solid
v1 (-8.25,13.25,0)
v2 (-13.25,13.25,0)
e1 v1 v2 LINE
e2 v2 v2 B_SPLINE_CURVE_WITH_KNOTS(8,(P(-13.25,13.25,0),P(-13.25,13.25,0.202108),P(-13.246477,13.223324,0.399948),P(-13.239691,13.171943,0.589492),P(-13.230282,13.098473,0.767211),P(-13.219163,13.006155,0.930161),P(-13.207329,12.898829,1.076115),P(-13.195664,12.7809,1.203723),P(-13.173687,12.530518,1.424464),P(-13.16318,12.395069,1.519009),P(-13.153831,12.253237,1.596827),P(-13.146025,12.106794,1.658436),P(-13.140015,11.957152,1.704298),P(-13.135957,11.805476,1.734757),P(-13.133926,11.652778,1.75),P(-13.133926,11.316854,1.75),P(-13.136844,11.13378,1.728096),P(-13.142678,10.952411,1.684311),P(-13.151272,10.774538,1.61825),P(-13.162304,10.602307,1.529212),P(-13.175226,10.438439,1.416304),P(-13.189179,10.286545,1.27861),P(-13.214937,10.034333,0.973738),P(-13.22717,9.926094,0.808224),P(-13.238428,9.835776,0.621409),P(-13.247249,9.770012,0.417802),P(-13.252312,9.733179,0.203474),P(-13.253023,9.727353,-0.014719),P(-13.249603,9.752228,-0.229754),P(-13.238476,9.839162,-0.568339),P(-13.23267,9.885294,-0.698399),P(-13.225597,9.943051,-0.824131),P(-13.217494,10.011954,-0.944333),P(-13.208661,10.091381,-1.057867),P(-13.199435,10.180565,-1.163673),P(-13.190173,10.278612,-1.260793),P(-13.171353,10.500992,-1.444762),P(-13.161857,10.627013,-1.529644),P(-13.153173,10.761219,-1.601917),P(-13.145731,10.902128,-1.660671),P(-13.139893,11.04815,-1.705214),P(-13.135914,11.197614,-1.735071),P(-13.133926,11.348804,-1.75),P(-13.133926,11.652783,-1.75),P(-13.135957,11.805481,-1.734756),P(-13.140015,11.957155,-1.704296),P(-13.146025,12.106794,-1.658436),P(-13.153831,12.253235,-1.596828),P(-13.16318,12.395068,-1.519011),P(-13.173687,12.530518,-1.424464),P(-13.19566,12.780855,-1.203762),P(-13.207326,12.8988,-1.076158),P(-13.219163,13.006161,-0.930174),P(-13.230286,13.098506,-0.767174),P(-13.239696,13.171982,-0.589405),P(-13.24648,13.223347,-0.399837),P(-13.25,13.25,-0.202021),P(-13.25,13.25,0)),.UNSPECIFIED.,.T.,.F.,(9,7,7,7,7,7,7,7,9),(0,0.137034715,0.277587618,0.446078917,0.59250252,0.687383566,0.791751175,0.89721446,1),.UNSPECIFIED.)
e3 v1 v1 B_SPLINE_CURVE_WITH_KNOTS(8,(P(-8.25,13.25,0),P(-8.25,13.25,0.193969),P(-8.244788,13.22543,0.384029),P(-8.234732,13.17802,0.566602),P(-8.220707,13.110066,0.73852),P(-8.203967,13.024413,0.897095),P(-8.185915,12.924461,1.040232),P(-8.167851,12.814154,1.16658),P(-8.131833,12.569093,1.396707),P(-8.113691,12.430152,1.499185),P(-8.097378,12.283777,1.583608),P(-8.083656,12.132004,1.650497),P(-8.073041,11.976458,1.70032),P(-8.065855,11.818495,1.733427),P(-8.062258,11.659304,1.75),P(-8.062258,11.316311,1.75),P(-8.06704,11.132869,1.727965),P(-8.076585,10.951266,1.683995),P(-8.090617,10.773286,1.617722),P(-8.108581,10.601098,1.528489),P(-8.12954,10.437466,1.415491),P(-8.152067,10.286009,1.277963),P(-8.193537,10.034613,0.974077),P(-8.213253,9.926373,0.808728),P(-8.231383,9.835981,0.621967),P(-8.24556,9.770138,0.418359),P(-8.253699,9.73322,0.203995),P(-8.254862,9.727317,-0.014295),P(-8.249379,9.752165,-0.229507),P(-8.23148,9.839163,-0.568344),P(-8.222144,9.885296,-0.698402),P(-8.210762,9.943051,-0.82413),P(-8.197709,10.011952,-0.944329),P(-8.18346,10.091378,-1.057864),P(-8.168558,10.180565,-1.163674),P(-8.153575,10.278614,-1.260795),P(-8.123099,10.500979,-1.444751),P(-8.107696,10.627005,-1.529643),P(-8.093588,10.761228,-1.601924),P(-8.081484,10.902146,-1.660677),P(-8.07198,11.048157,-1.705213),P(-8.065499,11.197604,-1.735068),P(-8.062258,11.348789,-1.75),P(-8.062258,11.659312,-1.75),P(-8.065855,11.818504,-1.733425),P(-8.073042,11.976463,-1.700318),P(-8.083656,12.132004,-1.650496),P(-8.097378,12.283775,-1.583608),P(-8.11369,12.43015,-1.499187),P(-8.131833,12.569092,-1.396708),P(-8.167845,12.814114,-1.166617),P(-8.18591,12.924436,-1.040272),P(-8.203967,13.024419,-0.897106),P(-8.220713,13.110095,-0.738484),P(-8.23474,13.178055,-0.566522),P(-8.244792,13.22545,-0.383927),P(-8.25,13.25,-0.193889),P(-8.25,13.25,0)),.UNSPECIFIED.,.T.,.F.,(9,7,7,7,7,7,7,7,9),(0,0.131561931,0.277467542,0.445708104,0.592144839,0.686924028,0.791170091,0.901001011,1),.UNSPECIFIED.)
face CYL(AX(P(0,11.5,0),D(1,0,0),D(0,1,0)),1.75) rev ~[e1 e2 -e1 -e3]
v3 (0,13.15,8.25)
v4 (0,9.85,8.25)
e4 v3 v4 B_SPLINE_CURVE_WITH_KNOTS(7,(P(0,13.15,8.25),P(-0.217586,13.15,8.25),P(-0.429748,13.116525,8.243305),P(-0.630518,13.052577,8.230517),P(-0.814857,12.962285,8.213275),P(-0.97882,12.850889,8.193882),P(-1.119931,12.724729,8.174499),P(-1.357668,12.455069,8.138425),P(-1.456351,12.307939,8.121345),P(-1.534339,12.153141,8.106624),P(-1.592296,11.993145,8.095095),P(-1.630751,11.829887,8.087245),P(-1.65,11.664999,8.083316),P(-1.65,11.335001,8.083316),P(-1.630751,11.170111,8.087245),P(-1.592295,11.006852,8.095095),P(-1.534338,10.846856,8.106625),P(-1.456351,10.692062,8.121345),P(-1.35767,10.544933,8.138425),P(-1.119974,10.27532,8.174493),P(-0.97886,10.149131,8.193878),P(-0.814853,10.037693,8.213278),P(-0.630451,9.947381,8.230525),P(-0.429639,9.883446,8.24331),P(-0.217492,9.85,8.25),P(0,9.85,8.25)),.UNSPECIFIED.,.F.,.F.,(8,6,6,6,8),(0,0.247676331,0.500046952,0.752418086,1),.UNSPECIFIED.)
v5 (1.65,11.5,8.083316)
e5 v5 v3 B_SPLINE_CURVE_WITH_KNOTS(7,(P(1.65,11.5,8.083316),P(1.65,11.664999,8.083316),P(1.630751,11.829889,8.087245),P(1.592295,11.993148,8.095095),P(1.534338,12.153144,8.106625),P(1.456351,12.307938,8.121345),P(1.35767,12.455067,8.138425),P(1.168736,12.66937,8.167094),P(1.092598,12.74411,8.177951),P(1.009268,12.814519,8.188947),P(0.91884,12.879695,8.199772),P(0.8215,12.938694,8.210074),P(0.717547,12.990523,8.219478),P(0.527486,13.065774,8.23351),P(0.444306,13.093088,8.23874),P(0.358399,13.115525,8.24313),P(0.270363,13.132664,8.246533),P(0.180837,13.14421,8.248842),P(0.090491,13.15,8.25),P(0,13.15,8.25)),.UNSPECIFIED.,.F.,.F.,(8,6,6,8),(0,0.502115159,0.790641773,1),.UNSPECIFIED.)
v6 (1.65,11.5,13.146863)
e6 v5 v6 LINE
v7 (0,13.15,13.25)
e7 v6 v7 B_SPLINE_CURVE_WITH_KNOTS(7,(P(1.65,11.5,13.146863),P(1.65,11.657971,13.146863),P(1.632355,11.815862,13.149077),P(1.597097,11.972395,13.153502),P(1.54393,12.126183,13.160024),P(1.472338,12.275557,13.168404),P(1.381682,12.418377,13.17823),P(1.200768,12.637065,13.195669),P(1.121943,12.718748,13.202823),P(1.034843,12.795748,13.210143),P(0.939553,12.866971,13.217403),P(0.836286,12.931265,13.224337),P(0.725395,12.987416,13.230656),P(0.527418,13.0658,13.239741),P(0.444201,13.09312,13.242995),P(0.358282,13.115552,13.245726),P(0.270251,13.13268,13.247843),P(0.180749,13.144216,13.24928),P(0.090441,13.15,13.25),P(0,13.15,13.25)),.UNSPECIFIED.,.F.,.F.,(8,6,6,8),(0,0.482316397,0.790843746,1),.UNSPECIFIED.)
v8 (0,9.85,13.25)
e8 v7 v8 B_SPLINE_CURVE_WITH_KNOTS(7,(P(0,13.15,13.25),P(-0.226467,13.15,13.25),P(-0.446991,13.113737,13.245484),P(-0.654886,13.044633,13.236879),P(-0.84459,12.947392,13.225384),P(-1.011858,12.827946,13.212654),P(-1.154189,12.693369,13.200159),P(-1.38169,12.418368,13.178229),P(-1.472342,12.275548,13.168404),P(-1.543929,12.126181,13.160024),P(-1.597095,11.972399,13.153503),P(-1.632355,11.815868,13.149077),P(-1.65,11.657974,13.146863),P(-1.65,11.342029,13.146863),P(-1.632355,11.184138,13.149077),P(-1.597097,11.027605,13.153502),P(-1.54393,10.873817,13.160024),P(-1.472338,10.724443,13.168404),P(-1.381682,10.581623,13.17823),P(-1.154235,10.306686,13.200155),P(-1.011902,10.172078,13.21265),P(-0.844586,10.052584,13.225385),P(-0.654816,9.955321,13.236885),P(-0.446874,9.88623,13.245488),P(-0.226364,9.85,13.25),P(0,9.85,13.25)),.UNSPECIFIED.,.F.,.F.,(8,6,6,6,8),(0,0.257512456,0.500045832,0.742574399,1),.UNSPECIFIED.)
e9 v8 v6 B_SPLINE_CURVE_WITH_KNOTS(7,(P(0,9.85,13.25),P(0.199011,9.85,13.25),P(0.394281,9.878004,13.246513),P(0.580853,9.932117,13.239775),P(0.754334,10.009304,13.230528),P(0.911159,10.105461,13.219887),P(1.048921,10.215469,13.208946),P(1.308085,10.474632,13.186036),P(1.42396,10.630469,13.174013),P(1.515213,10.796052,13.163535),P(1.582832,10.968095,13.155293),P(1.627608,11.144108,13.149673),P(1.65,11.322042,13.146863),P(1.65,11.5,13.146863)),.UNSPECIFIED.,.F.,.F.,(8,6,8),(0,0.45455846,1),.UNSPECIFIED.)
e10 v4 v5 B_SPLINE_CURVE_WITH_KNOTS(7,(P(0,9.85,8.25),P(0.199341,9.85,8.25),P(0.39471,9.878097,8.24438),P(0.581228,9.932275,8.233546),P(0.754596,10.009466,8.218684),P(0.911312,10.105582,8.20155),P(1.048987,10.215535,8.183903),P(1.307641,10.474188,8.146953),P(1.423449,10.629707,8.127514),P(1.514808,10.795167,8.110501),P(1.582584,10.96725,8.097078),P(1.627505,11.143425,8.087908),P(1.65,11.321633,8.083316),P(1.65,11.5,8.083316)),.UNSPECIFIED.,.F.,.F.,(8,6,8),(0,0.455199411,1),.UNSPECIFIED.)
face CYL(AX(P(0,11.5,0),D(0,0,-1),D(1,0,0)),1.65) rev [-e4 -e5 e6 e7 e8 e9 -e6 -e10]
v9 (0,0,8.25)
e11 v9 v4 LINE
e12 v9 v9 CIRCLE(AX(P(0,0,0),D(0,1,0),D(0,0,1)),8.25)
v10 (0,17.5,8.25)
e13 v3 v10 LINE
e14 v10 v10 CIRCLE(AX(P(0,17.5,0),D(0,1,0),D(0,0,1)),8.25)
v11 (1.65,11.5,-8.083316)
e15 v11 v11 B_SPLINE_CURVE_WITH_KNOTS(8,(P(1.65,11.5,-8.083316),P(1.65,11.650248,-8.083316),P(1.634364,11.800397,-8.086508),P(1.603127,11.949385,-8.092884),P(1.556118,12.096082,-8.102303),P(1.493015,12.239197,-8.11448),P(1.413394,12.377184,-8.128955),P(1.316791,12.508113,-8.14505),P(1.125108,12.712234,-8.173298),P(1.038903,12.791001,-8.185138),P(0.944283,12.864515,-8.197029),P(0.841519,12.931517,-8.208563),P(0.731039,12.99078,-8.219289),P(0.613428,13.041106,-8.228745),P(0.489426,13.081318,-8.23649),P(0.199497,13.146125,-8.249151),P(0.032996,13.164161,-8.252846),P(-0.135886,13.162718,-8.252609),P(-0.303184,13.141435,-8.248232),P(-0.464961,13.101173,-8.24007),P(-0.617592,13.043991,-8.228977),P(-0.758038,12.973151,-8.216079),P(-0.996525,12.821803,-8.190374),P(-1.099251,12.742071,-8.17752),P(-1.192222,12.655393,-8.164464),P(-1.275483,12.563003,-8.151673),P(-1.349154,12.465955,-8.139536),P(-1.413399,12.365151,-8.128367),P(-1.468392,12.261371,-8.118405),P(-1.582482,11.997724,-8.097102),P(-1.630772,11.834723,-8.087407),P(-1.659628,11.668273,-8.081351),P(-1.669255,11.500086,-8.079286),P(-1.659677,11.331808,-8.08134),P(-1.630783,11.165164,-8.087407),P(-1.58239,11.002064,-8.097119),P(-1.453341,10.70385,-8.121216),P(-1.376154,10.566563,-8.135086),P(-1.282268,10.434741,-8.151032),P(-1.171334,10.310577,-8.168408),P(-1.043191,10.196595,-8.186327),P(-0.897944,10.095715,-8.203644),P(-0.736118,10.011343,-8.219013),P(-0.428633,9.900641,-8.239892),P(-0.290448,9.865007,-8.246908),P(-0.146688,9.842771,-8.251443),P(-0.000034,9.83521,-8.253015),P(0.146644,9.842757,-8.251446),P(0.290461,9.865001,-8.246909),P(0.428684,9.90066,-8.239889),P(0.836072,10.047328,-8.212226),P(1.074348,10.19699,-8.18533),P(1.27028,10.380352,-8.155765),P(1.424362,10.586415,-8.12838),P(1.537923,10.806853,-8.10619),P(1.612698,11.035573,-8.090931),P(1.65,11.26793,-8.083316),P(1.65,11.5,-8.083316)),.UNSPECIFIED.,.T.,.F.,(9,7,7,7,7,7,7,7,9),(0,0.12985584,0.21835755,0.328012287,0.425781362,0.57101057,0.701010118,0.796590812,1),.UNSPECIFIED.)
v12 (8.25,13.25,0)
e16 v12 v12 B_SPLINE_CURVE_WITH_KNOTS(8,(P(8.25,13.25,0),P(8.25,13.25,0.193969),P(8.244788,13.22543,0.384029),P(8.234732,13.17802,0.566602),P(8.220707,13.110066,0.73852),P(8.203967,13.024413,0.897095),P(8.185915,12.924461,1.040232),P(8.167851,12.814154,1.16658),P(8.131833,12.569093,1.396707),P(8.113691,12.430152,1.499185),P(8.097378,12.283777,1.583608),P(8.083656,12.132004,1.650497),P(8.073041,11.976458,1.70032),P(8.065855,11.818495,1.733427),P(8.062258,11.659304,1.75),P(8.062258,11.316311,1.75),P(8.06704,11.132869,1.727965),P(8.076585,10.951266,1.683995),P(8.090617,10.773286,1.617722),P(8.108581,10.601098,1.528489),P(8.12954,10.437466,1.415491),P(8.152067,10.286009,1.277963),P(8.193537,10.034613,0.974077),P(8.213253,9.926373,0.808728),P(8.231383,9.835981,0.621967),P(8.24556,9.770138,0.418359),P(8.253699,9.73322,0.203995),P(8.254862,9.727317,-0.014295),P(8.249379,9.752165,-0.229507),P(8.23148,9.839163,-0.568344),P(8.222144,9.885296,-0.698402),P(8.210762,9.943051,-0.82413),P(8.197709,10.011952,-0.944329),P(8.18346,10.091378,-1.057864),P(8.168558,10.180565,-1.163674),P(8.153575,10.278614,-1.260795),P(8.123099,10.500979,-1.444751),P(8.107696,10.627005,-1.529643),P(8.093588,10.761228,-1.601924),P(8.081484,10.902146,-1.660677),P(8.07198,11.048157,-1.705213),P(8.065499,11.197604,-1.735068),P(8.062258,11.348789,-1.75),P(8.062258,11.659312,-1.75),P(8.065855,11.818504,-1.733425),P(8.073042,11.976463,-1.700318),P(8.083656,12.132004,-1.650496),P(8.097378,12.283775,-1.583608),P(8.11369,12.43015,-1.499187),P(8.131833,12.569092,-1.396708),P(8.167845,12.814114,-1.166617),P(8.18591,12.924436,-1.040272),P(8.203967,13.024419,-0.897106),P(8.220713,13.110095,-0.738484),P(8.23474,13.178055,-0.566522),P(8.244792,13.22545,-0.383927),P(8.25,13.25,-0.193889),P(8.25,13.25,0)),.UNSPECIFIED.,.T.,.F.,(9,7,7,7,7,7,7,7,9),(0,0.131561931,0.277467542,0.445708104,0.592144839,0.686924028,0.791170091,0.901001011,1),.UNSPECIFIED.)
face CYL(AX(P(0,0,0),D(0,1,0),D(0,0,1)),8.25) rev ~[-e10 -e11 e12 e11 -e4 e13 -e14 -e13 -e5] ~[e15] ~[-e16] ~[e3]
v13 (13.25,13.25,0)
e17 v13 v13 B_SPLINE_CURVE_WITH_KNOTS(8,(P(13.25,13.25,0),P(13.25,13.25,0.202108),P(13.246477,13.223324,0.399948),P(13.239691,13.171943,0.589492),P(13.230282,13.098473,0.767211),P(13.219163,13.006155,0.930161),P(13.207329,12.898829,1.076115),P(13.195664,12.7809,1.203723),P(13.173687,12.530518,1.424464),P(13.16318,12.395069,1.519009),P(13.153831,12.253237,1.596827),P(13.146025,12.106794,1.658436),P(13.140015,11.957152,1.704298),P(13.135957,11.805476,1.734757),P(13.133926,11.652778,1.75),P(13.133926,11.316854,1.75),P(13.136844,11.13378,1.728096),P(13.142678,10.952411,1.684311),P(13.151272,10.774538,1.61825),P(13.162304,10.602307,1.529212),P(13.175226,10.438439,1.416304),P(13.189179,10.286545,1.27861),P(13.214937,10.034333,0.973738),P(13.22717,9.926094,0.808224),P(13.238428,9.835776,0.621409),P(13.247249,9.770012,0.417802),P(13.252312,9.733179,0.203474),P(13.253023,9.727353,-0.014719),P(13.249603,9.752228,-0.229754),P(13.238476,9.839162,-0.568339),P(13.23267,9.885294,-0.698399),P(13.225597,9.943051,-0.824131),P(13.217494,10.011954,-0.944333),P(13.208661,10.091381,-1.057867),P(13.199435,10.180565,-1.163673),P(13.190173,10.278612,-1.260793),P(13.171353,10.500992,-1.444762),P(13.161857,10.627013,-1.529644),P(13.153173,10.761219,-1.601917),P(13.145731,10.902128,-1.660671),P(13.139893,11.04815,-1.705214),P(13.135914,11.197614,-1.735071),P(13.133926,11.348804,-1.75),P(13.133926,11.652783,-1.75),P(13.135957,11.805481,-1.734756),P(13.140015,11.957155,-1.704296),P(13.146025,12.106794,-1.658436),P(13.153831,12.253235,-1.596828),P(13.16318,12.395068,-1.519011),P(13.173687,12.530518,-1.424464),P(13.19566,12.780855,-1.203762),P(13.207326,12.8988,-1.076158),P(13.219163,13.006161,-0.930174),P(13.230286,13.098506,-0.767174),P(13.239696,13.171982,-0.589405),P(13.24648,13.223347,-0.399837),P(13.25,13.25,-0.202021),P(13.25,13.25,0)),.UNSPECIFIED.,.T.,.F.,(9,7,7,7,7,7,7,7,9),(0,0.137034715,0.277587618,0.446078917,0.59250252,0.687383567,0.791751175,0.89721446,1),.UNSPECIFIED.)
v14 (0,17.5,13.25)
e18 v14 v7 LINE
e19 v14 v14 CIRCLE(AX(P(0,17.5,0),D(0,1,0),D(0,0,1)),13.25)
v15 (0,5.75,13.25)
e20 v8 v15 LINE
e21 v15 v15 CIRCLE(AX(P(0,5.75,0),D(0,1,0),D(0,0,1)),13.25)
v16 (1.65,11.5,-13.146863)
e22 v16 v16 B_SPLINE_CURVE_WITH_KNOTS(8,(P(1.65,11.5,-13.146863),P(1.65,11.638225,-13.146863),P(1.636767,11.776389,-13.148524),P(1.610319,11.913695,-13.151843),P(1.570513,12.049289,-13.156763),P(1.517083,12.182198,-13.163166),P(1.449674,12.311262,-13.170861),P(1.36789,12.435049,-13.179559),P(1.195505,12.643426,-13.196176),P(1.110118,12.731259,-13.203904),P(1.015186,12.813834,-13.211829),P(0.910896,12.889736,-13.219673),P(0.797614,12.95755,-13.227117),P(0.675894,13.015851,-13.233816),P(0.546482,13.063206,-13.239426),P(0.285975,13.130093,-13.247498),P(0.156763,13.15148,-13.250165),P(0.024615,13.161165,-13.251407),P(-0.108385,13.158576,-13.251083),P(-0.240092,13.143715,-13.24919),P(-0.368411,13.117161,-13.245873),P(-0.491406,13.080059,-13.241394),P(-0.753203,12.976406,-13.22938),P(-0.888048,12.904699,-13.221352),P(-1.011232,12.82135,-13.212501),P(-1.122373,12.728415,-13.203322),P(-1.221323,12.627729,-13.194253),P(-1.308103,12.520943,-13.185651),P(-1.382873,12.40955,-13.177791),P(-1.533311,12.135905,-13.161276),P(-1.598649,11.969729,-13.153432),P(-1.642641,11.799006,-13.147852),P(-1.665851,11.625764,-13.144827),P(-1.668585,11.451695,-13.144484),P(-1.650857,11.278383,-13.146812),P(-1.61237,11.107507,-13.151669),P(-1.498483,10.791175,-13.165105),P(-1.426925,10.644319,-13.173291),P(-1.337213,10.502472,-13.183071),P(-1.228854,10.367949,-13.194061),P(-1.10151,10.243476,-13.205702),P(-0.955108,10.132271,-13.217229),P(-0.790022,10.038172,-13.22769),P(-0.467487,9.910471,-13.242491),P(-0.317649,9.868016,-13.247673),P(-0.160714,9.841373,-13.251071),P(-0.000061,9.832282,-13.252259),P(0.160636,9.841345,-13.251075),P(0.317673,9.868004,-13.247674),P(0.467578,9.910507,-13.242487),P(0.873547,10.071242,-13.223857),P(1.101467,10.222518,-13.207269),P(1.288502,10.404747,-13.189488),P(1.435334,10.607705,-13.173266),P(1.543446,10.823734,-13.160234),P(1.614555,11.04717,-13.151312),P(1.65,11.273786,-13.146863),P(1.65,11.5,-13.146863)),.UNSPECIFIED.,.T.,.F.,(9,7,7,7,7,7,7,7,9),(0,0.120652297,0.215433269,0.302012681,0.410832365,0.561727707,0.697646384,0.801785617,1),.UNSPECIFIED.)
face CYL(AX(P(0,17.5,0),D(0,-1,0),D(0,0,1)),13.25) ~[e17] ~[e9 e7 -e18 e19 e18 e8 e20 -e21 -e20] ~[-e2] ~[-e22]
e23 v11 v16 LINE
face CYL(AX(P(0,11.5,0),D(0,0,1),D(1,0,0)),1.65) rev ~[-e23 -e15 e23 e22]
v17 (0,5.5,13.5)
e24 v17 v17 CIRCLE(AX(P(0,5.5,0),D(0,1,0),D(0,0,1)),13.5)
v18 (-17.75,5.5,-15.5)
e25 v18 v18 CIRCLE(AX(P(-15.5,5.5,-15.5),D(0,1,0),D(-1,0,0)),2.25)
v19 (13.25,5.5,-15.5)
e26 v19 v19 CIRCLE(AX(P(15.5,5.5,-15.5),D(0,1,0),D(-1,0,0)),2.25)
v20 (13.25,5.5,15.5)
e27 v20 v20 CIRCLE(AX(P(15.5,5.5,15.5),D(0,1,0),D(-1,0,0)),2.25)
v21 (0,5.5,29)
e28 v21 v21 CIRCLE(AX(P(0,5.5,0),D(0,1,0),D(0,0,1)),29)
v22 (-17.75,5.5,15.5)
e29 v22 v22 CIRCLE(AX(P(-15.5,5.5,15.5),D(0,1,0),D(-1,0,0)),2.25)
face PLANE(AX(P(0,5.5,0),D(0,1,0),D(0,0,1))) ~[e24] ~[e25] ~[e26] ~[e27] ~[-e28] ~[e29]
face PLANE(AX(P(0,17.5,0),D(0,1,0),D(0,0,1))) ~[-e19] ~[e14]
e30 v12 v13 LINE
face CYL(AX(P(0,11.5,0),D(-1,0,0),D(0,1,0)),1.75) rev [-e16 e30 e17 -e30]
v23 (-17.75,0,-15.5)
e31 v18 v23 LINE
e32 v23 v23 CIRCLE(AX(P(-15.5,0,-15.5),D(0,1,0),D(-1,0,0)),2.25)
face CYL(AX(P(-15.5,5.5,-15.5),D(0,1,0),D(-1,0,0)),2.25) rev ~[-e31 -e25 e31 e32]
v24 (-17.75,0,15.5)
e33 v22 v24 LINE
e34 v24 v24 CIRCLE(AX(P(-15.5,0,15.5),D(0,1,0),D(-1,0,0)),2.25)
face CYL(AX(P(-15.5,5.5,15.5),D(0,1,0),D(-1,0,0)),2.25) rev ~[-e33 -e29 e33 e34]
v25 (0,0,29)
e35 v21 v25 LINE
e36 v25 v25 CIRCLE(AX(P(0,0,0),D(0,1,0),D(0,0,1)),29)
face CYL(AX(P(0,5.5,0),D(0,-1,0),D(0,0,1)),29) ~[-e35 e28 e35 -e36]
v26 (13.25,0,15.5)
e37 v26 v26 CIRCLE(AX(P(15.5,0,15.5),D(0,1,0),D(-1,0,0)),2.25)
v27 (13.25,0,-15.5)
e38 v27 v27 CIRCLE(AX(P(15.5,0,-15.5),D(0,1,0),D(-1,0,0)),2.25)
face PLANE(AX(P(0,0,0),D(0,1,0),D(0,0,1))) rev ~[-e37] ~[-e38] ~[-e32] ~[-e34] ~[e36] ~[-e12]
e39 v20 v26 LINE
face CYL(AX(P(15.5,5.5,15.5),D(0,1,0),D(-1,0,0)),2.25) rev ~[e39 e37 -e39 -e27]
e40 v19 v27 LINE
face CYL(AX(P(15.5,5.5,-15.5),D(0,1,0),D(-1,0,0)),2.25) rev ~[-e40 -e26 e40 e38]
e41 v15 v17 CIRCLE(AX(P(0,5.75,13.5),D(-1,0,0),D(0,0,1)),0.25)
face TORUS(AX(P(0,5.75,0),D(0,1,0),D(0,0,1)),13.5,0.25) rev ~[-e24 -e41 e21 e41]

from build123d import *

# Parameters (mm, degrees)
F2_R          = 0.25
F3_R          = 2.25
F4_DEPTH      = 25
F5_R          = 1.65
F6_DEPTH      = 25
F6_DEPTH_BACK = 25
F7_R          = 1.75
F8_DEPTH      = 25
F8_DEPTH_BACK = 25


with BuildPart() as f1:
    # F0 (on Right) → F1 (revolve)
    with BuildSketch(Plane.YZ):
        Polygon((0, 29), (0, 8.25), (17.5, 8.25), (17.5, 13.25), (5.5, 13.25), (5.5, 29), align=None)
    revolve(axis=Axis((0, 5.341735, 0), (0, 1, 0)))

    # F2
    f2_edges = [f1.edges().sort_by_distance(p)[0] for p in [
        (0, 5.5, -13.25),
    ]]
    fillet(f2_edges, radius=F2_R)

    # F3 (on face) → F4 (cut)
    with BuildSketch(Plane(origin=(0, 5.5, 0), x_dir=(-1, 0, 0), z_dir=(0, 1, 0))):
        with Locations((-15.5, 15.5)):
            Circle(F3_R)
        with Locations((15.5, 15.5)):
            Circle(F3_R)
        with Locations((-15.5, -15.5)):
            Circle(F3_R)
        with Locations((15.5, -15.5)):
            Circle(F3_R)
    extrude(amount=-F4_DEPTH, mode=Mode.SUBTRACT)

    # F5 (on Top) → F6 (cut, two sides)
    with BuildSketch(Plane.XY) as f6_sk:
        with Locations((0, 11.5)):
            Circle(F5_R)
    extrude(amount=F6_DEPTH, mode=Mode.SUBTRACT)
    extrude(f6_sk.sketch, amount=-F6_DEPTH_BACK, mode=Mode.SUBTRACT)

    # F7 (on Right) → F8 (cut, two sides)
    with BuildSketch(Plane.YZ) as f8_sk:
        with Locations((11.5, 0)):
            Circle(F7_R)
    extrude(amount=F8_DEPTH, mode=Mode.SUBTRACT)
    extrude(f8_sk.sketch, amount=-F8_DEPTH_BACK, mode=Mode.SUBTRACT)


solid = f1.part
